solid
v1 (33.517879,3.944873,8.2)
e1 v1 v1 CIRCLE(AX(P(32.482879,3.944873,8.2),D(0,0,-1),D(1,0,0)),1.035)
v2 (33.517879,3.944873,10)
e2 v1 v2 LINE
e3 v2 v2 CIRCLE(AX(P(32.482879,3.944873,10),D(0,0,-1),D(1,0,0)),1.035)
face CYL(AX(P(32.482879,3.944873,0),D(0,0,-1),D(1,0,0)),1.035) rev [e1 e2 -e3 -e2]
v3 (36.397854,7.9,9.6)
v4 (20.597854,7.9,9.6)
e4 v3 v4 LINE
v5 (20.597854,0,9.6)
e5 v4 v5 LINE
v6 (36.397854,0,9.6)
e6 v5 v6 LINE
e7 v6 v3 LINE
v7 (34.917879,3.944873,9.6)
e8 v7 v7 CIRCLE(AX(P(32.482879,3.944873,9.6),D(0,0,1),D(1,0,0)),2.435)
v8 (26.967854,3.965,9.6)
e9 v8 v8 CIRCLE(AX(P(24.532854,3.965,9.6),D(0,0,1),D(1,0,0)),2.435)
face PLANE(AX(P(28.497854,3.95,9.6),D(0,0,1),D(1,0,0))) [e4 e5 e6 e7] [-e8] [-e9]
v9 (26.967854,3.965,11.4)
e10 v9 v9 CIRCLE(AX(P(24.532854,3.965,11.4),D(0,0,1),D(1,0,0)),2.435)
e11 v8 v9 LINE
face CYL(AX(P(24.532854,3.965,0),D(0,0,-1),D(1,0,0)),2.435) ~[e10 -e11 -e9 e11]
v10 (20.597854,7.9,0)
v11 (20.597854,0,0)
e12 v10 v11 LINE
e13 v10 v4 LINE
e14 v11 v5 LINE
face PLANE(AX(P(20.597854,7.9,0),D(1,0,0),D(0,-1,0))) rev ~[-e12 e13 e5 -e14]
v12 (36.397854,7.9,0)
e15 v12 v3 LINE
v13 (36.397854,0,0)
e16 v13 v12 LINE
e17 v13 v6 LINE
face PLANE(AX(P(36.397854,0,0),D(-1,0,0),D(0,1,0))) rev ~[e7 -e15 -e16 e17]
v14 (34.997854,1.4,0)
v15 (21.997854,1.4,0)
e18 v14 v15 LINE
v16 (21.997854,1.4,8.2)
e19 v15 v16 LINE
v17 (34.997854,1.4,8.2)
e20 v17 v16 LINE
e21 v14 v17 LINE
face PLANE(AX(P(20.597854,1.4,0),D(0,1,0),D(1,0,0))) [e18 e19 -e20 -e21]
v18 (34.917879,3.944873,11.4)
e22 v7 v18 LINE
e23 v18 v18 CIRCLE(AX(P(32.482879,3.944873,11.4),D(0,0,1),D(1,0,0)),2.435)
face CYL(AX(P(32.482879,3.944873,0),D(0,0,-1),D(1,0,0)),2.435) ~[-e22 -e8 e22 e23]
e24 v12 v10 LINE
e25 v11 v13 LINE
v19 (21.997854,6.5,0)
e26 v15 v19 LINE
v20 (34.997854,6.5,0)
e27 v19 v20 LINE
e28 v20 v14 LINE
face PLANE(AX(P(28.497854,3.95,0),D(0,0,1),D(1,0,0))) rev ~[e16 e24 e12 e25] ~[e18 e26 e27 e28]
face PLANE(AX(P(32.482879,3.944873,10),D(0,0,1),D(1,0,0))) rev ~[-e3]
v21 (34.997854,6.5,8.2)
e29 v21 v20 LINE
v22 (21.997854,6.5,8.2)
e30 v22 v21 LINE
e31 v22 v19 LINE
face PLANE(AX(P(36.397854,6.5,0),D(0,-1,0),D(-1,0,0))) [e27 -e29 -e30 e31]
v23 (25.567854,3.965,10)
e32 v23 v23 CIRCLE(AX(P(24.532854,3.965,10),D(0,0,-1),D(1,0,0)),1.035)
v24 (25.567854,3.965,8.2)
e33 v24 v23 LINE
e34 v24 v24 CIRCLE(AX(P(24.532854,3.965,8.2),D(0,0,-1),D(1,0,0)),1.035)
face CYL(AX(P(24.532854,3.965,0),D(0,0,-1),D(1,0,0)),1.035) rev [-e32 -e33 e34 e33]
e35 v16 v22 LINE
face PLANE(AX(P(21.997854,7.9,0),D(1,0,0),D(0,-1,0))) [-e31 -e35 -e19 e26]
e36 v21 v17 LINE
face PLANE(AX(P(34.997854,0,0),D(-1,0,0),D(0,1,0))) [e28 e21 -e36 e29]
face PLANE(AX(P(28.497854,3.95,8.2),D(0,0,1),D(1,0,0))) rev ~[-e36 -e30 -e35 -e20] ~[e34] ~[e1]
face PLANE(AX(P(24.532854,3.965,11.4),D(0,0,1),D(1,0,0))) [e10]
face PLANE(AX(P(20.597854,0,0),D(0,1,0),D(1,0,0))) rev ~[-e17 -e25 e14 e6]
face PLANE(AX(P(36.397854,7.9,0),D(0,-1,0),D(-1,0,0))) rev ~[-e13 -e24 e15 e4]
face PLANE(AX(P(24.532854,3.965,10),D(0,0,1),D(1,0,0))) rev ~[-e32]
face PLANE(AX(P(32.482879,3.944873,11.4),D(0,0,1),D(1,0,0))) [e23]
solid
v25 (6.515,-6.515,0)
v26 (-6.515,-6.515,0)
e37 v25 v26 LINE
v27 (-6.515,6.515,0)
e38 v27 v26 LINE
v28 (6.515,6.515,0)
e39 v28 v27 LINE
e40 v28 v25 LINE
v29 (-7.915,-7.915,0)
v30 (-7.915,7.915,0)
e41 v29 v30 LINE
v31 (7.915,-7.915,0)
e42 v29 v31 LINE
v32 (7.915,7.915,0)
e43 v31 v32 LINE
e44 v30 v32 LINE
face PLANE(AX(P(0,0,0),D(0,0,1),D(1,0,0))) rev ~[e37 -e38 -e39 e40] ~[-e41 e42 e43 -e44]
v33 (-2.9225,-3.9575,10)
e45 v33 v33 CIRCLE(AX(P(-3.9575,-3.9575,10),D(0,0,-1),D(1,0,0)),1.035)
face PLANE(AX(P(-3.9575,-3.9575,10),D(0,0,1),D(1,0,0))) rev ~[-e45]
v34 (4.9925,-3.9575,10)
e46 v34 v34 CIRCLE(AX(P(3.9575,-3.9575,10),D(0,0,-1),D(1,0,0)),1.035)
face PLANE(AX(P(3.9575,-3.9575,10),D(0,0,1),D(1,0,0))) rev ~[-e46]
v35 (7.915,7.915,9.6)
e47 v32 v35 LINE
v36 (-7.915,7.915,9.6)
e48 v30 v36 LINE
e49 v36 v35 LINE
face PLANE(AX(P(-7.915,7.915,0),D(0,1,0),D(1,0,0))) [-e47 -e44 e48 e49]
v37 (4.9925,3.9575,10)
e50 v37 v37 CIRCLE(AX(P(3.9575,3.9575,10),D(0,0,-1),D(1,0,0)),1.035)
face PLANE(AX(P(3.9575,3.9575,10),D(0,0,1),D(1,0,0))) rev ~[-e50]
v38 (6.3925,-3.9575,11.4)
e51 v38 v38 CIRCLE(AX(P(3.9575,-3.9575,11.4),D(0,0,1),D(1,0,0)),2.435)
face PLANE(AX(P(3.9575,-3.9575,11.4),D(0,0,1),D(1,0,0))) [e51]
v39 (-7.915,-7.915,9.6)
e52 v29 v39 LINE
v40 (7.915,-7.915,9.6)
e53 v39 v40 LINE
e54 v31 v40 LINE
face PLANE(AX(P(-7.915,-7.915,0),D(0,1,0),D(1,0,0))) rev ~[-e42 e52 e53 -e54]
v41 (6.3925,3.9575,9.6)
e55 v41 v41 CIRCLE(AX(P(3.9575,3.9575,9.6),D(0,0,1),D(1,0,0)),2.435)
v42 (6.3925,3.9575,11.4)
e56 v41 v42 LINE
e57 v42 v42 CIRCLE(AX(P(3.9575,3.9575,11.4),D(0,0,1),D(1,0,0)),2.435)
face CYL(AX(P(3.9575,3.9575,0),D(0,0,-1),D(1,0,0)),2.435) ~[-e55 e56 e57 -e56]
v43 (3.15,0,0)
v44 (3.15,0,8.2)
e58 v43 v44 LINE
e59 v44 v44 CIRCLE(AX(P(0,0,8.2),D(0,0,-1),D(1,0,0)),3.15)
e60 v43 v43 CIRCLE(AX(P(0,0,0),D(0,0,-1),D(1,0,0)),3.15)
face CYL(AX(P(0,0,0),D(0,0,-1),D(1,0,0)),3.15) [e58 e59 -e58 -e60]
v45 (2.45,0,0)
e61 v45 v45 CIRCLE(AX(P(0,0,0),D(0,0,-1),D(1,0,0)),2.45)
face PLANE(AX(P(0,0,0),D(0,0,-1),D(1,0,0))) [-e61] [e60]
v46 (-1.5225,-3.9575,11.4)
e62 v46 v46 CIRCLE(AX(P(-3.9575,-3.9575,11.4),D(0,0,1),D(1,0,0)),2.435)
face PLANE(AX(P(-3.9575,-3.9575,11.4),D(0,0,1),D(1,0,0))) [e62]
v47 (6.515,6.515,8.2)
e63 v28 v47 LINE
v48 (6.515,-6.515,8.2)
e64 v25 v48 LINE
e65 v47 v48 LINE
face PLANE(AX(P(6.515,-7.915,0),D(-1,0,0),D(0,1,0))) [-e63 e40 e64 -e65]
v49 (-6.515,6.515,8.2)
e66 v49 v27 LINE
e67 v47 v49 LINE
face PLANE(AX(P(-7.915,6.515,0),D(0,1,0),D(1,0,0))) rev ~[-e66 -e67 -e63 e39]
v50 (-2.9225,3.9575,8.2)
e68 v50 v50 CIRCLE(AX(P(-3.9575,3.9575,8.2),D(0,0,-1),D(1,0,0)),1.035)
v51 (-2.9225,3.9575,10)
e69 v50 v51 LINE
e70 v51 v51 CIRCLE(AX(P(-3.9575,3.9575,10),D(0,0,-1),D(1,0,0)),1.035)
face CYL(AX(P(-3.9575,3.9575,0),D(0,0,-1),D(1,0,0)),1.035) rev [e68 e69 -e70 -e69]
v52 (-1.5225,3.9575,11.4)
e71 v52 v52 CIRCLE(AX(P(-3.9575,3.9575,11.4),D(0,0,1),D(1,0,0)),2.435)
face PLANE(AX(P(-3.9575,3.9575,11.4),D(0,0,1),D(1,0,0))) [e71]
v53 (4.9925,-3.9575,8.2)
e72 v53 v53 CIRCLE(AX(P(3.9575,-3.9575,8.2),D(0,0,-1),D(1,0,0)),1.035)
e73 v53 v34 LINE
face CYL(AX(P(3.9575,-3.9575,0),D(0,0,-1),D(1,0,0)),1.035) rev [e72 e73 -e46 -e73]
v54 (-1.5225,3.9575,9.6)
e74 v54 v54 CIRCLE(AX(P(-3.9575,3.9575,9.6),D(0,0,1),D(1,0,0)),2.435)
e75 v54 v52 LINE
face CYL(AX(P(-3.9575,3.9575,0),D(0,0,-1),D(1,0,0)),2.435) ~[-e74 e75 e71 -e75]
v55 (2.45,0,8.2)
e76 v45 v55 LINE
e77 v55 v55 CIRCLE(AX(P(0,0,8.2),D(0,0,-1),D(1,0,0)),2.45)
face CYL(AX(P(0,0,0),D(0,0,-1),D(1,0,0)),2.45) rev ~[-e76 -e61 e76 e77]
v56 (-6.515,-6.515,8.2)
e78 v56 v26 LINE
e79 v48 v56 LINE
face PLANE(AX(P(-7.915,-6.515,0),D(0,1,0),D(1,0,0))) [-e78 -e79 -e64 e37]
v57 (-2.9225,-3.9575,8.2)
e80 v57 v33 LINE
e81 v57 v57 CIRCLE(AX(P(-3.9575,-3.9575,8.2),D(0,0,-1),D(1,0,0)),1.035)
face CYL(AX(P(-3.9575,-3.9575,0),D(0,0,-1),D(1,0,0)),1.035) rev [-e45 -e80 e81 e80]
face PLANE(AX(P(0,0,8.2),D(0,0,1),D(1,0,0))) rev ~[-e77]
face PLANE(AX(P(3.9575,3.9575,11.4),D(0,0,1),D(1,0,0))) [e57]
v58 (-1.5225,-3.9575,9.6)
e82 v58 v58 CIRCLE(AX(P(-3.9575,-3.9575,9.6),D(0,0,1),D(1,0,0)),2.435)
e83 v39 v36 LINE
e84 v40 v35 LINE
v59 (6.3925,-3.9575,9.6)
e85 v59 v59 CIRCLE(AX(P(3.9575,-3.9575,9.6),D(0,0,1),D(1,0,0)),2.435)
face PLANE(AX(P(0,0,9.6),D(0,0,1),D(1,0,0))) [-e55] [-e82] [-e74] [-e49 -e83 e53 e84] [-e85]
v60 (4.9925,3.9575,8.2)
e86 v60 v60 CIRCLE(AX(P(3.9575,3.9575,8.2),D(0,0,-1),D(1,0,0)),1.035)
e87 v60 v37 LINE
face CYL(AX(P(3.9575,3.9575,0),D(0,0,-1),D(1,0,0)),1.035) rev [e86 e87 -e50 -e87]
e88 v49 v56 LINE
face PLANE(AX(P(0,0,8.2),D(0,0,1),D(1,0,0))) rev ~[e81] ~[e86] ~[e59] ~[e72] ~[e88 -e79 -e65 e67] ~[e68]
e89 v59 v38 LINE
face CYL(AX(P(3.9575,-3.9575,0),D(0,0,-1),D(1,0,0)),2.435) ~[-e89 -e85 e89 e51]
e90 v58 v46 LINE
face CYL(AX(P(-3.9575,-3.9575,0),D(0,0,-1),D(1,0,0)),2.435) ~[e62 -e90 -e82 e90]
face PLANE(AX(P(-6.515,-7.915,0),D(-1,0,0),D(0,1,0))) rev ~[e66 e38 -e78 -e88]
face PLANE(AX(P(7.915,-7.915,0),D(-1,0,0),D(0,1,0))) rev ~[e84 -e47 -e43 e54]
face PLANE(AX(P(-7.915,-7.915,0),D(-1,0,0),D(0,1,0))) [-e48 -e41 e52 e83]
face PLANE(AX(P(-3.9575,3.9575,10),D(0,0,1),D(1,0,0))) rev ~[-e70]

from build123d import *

# Parameters (mm, degrees)
F0_W     = 15.83
F0_H     = 15.83
F0_R     = 2.435
F1_DEPTH = 9.6
F2_DEPTH = 11.4
F4_T     = -1.4
F5_T     = -1.4
F3_R     = 3.15
F3_R_2   = 2.45
F6_DEPTH = 9.5


with BuildPart() as f1:
    # F0 (on Top) → F1 (new body)
    with BuildSketch(Plane.XY):
        Rectangle(F0_W, F0_H)
        with Locations((-3.9575, -3.9575)):
            Circle(F0_R, mode=Mode.SUBTRACT)
        with Locations((3.9575, -3.9575)):
            Circle(F0_R, mode=Mode.SUBTRACT)
        with Locations((-3.9575, 3.9575)):
            Circle(F0_R, mode=Mode.SUBTRACT)
        with Locations((3.9575, 3.9575)):
            Circle(F0_R, mode=Mode.SUBTRACT)
    extrude(amount=F1_DEPTH)

    # F0 (on Top) → F2, piece 2 (join)
    with BuildSketch(Plane.XY):
        with Locations((-3.9575, 3.9575)):
            Circle(F0_R)
        with Locations((3.9575, 3.9575)):
            Circle(F0_R)
        with Locations((3.9575, -3.9575)):
            Circle(F0_R)
        with Locations((-3.9575, -3.9575)):
            Circle(F0_R)
    extrude(amount=F2_DEPTH)

    # F4
    f4_openings = [f1.faces().sort_by_distance(p)[0] for p in [
        (0, 0, 0),
    ]]
    offset(amount=F4_T, openings=f4_openings, kind=Kind.INTERSECTION)

    # F3 (on face) → F6 (join)
    with BuildSketch(Plane(origin=(0, 0, 0), x_dir=(1, 0, 0), z_dir=(0, 0, -1))):
        Circle(F3_R)
        Circle(F3_R_2, mode=Mode.SUBTRACT)
    extrude(amount=-F6_DEPTH)


with BuildPart() as f1b:
    # F0 (on Top) → F1, piece 2 (new body)
    with BuildSketch(Plane.XY):
        Polygon((22.0978542477, 7.9), (20.5978542477, 7.9), (20.5978542477, 6.4), (20.5978542477, 0), (36.3978542477, 0), (36.3978542477, 7.9), (30.0678542477, 7.9), (28.5178542477, 7.9), (26.9678542477, 7.9), align=None)
        with Locations((32.4828792435, 3.9448733544)):
            Circle(F0_R, mode=Mode.SUBTRACT)
        with Locations((24.5328542477, 3.965)):
            Circle(F0_R, mode=Mode.SUBTRACT)
    extrude(amount=F1_DEPTH)

    # F0 (on Top) → F2 (join)
    with BuildSketch(Plane.XY):
        with Locations((24.5328542477, 3.965)):
            Circle(F0_R)
        with Locations((32.4828792435, 3.9448733544)):
            Circle(F0_R)
    extrude(amount=F2_DEPTH)

    # F5
    f5_openings = [f1b.faces().sort_by_distance(p)[0] for p in [
        (28.497854, 3.95, 0),
    ]]
    offset(amount=F5_T, openings=f5_openings, kind=Kind.INTERSECTION)


solid = Compound([f1.part, f1b.part])
